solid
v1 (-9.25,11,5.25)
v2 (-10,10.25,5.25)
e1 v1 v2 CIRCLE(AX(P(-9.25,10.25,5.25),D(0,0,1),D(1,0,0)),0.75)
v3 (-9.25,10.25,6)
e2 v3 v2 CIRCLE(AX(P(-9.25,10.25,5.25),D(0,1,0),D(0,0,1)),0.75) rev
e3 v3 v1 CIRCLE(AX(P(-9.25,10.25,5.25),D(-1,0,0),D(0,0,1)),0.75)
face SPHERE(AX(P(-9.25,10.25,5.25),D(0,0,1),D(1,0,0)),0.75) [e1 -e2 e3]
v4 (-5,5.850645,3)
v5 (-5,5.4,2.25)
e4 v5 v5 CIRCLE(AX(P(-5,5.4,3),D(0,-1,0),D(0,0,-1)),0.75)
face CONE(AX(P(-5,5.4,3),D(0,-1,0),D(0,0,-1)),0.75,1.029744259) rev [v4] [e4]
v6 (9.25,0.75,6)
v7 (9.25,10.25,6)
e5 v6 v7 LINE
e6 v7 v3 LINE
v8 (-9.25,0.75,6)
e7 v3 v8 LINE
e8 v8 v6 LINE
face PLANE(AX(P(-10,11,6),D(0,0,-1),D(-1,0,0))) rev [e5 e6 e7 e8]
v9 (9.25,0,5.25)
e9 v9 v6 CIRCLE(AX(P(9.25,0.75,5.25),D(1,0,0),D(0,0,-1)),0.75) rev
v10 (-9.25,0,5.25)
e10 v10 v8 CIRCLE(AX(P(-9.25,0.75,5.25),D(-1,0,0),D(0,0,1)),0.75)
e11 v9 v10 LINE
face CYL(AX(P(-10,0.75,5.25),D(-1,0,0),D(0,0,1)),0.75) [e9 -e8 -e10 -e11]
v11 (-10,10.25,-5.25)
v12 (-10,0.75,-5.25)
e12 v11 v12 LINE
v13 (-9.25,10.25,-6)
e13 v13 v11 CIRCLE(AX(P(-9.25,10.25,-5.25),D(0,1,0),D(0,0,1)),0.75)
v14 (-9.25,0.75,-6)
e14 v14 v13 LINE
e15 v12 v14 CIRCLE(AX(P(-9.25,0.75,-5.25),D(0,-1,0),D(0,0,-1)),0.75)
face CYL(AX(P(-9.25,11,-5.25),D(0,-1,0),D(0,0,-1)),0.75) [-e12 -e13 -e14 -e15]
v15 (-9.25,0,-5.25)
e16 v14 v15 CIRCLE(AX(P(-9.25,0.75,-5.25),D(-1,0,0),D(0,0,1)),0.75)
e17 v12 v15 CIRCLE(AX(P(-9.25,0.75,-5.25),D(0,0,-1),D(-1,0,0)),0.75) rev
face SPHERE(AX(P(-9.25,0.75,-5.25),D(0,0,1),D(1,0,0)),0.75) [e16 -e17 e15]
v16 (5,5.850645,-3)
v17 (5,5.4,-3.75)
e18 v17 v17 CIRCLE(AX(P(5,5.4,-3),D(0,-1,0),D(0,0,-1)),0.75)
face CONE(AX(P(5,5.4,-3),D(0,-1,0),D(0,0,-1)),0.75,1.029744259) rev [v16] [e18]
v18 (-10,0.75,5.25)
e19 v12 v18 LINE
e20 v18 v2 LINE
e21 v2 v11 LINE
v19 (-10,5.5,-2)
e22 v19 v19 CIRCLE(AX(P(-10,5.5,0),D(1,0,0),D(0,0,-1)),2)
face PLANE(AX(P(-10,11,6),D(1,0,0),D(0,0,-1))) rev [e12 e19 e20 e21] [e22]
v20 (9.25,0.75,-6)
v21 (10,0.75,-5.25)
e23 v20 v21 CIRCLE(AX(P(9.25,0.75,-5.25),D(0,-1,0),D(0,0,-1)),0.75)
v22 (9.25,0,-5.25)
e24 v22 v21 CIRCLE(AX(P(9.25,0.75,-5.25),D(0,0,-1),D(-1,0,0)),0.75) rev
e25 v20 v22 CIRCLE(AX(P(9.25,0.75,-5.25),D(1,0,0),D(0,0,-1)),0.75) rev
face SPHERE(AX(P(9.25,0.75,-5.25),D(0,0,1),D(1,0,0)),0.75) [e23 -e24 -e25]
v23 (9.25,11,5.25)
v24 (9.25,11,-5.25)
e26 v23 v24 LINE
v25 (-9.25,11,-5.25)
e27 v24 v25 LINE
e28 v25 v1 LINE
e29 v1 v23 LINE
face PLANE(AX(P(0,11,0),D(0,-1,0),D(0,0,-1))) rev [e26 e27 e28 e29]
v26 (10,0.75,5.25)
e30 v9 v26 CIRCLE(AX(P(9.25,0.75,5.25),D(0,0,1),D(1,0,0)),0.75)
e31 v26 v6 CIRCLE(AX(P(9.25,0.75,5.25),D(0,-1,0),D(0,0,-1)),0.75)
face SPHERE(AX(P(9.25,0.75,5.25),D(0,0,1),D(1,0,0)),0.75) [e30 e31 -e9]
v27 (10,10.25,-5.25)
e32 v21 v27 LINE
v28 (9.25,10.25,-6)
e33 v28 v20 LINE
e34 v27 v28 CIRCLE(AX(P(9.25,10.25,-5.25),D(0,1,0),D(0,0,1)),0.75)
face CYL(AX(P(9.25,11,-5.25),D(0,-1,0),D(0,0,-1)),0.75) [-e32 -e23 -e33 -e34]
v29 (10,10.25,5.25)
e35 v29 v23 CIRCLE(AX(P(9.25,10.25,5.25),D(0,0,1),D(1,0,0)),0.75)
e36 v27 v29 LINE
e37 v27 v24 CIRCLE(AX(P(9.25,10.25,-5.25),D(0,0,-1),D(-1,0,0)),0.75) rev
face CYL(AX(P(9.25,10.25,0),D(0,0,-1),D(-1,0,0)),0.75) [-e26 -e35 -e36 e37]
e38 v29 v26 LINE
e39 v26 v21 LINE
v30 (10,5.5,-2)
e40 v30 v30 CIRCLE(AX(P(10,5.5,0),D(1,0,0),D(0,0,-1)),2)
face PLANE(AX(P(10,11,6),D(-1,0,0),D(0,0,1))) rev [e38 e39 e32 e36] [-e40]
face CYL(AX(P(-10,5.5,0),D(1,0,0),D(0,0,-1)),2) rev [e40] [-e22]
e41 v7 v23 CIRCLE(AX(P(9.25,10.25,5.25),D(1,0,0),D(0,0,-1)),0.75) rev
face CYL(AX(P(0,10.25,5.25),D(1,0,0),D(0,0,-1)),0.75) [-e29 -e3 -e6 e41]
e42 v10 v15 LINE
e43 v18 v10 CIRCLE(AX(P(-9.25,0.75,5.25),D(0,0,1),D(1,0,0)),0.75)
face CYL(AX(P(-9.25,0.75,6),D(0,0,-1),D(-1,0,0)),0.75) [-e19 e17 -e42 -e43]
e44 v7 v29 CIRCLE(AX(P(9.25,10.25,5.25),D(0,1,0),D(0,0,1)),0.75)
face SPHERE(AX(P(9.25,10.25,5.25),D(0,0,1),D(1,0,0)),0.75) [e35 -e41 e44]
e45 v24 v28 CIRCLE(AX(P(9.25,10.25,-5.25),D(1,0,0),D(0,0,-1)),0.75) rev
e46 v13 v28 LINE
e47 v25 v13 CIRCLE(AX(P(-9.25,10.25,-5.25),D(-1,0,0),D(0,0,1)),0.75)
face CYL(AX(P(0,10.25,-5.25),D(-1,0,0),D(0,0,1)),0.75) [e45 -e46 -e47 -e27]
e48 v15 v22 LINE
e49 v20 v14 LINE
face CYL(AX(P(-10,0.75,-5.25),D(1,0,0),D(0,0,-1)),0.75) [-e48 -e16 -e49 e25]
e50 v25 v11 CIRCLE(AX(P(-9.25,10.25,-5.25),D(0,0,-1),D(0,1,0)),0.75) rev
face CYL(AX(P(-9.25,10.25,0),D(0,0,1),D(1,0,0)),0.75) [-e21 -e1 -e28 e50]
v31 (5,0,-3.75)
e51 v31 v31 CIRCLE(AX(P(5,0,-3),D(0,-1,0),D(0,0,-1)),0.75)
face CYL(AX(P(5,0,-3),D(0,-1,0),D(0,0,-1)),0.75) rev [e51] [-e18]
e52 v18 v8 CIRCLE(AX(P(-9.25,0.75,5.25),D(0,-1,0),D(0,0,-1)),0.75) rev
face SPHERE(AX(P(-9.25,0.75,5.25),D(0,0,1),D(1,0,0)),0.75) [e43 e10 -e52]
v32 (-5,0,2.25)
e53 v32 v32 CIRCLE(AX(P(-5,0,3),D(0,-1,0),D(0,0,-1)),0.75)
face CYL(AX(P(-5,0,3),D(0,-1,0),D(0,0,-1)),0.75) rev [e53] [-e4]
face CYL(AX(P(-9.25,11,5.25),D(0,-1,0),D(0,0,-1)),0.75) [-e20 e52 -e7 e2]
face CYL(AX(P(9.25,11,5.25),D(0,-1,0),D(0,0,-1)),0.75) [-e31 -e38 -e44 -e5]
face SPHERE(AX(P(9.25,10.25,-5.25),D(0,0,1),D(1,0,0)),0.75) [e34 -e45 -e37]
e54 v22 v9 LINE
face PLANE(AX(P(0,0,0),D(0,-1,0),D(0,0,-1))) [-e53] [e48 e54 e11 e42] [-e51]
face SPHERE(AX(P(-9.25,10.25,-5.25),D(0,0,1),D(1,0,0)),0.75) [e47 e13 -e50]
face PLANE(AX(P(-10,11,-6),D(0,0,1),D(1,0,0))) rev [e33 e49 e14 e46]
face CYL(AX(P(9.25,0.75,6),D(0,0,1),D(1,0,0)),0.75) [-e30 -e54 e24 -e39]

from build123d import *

# Parameters (mm, degrees)
SKETCH1_W                      = 20
SKETCH1_H                      = 12
BOSS_EXTRUDE1_DEPTH            = 11
F_1_5_1_5_DIAMETER_HOLE1_D     = 1.5
F_1_5_1_5_DIAMETER_HOLE1_DEPTH = 5.4
F_1_5_1_5_DIAMETER_HOLE1_TIP   = 0.450645464
SKETCH6_R                      = 2
CUT_EXTRUDE1_DEPTH             = 24.600847442
FILLET1_R                      = 0.75


with BuildPart() as part:
    # Sketch1 → Boss-Extrude1 (new body)
    with BuildSketch(Plane(origin=(0, 0, 0), x_dir=(1, 0, 0), z_dir=(0, 1, 0))):
        Rectangle(SKETCH1_W, SKETCH1_H)
    extrude(amount=BOSS_EXTRUDE1_DEPTH)

    # Ø1.5 (1.5) Diameter Hole1
    with Locations(Plane(origin=(0, 0, 0), x_dir=(-1, 0, 0), z_dir=(0, -1, 0))):
        with Locations((-5, 3), (5, -3)):
            Hole(F_1_5_1_5_DIAMETER_HOLE1_D / 2, depth=F_1_5_1_5_DIAMETER_HOLE1_DEPTH)
            with Locations((0, 0, -(F_1_5_1_5_DIAMETER_HOLE1_DEPTH + F_1_5_1_5_DIAMETER_HOLE1_TIP / 2))):  # 118° drill point
                Cone(0, F_1_5_1_5_DIAMETER_HOLE1_D / 2, F_1_5_1_5_DIAMETER_HOLE1_TIP, mode=Mode.SUBTRACT)

    # Sketch6 → Cut-Extrude1 (cut, through all)
    with BuildSketch(Plane(origin=(10, 0, 0), x_dir=(0, 0, -1), z_dir=(1, 0, 0))):
        with Locations((0, 5.5)):
            Circle(SKETCH6_R)
    extrude(amount=-CUT_EXTRUDE1_DEPTH, mode=Mode.SUBTRACT)

    # Fillet1
    fillet1_edges = [part.edges().sort_by_distance(p)[0] for p in [
        (-10, 11, 0),
        (0, 11, 6),
        (10, 11, 0),
        (0, 0, 6),
        (-10, 0, 0),
        (0, 0, -6),
        (10, 0, 0),
        (0, 11, -6),
        (10, 5.5, 6),
        (-10, 5.5, 6),
        (-10, 5.5, -6),
        (10, 5.5, -6),
    ]]
    fillet(fillet1_edges, radius=FILLET1_R)


solid = part.part
